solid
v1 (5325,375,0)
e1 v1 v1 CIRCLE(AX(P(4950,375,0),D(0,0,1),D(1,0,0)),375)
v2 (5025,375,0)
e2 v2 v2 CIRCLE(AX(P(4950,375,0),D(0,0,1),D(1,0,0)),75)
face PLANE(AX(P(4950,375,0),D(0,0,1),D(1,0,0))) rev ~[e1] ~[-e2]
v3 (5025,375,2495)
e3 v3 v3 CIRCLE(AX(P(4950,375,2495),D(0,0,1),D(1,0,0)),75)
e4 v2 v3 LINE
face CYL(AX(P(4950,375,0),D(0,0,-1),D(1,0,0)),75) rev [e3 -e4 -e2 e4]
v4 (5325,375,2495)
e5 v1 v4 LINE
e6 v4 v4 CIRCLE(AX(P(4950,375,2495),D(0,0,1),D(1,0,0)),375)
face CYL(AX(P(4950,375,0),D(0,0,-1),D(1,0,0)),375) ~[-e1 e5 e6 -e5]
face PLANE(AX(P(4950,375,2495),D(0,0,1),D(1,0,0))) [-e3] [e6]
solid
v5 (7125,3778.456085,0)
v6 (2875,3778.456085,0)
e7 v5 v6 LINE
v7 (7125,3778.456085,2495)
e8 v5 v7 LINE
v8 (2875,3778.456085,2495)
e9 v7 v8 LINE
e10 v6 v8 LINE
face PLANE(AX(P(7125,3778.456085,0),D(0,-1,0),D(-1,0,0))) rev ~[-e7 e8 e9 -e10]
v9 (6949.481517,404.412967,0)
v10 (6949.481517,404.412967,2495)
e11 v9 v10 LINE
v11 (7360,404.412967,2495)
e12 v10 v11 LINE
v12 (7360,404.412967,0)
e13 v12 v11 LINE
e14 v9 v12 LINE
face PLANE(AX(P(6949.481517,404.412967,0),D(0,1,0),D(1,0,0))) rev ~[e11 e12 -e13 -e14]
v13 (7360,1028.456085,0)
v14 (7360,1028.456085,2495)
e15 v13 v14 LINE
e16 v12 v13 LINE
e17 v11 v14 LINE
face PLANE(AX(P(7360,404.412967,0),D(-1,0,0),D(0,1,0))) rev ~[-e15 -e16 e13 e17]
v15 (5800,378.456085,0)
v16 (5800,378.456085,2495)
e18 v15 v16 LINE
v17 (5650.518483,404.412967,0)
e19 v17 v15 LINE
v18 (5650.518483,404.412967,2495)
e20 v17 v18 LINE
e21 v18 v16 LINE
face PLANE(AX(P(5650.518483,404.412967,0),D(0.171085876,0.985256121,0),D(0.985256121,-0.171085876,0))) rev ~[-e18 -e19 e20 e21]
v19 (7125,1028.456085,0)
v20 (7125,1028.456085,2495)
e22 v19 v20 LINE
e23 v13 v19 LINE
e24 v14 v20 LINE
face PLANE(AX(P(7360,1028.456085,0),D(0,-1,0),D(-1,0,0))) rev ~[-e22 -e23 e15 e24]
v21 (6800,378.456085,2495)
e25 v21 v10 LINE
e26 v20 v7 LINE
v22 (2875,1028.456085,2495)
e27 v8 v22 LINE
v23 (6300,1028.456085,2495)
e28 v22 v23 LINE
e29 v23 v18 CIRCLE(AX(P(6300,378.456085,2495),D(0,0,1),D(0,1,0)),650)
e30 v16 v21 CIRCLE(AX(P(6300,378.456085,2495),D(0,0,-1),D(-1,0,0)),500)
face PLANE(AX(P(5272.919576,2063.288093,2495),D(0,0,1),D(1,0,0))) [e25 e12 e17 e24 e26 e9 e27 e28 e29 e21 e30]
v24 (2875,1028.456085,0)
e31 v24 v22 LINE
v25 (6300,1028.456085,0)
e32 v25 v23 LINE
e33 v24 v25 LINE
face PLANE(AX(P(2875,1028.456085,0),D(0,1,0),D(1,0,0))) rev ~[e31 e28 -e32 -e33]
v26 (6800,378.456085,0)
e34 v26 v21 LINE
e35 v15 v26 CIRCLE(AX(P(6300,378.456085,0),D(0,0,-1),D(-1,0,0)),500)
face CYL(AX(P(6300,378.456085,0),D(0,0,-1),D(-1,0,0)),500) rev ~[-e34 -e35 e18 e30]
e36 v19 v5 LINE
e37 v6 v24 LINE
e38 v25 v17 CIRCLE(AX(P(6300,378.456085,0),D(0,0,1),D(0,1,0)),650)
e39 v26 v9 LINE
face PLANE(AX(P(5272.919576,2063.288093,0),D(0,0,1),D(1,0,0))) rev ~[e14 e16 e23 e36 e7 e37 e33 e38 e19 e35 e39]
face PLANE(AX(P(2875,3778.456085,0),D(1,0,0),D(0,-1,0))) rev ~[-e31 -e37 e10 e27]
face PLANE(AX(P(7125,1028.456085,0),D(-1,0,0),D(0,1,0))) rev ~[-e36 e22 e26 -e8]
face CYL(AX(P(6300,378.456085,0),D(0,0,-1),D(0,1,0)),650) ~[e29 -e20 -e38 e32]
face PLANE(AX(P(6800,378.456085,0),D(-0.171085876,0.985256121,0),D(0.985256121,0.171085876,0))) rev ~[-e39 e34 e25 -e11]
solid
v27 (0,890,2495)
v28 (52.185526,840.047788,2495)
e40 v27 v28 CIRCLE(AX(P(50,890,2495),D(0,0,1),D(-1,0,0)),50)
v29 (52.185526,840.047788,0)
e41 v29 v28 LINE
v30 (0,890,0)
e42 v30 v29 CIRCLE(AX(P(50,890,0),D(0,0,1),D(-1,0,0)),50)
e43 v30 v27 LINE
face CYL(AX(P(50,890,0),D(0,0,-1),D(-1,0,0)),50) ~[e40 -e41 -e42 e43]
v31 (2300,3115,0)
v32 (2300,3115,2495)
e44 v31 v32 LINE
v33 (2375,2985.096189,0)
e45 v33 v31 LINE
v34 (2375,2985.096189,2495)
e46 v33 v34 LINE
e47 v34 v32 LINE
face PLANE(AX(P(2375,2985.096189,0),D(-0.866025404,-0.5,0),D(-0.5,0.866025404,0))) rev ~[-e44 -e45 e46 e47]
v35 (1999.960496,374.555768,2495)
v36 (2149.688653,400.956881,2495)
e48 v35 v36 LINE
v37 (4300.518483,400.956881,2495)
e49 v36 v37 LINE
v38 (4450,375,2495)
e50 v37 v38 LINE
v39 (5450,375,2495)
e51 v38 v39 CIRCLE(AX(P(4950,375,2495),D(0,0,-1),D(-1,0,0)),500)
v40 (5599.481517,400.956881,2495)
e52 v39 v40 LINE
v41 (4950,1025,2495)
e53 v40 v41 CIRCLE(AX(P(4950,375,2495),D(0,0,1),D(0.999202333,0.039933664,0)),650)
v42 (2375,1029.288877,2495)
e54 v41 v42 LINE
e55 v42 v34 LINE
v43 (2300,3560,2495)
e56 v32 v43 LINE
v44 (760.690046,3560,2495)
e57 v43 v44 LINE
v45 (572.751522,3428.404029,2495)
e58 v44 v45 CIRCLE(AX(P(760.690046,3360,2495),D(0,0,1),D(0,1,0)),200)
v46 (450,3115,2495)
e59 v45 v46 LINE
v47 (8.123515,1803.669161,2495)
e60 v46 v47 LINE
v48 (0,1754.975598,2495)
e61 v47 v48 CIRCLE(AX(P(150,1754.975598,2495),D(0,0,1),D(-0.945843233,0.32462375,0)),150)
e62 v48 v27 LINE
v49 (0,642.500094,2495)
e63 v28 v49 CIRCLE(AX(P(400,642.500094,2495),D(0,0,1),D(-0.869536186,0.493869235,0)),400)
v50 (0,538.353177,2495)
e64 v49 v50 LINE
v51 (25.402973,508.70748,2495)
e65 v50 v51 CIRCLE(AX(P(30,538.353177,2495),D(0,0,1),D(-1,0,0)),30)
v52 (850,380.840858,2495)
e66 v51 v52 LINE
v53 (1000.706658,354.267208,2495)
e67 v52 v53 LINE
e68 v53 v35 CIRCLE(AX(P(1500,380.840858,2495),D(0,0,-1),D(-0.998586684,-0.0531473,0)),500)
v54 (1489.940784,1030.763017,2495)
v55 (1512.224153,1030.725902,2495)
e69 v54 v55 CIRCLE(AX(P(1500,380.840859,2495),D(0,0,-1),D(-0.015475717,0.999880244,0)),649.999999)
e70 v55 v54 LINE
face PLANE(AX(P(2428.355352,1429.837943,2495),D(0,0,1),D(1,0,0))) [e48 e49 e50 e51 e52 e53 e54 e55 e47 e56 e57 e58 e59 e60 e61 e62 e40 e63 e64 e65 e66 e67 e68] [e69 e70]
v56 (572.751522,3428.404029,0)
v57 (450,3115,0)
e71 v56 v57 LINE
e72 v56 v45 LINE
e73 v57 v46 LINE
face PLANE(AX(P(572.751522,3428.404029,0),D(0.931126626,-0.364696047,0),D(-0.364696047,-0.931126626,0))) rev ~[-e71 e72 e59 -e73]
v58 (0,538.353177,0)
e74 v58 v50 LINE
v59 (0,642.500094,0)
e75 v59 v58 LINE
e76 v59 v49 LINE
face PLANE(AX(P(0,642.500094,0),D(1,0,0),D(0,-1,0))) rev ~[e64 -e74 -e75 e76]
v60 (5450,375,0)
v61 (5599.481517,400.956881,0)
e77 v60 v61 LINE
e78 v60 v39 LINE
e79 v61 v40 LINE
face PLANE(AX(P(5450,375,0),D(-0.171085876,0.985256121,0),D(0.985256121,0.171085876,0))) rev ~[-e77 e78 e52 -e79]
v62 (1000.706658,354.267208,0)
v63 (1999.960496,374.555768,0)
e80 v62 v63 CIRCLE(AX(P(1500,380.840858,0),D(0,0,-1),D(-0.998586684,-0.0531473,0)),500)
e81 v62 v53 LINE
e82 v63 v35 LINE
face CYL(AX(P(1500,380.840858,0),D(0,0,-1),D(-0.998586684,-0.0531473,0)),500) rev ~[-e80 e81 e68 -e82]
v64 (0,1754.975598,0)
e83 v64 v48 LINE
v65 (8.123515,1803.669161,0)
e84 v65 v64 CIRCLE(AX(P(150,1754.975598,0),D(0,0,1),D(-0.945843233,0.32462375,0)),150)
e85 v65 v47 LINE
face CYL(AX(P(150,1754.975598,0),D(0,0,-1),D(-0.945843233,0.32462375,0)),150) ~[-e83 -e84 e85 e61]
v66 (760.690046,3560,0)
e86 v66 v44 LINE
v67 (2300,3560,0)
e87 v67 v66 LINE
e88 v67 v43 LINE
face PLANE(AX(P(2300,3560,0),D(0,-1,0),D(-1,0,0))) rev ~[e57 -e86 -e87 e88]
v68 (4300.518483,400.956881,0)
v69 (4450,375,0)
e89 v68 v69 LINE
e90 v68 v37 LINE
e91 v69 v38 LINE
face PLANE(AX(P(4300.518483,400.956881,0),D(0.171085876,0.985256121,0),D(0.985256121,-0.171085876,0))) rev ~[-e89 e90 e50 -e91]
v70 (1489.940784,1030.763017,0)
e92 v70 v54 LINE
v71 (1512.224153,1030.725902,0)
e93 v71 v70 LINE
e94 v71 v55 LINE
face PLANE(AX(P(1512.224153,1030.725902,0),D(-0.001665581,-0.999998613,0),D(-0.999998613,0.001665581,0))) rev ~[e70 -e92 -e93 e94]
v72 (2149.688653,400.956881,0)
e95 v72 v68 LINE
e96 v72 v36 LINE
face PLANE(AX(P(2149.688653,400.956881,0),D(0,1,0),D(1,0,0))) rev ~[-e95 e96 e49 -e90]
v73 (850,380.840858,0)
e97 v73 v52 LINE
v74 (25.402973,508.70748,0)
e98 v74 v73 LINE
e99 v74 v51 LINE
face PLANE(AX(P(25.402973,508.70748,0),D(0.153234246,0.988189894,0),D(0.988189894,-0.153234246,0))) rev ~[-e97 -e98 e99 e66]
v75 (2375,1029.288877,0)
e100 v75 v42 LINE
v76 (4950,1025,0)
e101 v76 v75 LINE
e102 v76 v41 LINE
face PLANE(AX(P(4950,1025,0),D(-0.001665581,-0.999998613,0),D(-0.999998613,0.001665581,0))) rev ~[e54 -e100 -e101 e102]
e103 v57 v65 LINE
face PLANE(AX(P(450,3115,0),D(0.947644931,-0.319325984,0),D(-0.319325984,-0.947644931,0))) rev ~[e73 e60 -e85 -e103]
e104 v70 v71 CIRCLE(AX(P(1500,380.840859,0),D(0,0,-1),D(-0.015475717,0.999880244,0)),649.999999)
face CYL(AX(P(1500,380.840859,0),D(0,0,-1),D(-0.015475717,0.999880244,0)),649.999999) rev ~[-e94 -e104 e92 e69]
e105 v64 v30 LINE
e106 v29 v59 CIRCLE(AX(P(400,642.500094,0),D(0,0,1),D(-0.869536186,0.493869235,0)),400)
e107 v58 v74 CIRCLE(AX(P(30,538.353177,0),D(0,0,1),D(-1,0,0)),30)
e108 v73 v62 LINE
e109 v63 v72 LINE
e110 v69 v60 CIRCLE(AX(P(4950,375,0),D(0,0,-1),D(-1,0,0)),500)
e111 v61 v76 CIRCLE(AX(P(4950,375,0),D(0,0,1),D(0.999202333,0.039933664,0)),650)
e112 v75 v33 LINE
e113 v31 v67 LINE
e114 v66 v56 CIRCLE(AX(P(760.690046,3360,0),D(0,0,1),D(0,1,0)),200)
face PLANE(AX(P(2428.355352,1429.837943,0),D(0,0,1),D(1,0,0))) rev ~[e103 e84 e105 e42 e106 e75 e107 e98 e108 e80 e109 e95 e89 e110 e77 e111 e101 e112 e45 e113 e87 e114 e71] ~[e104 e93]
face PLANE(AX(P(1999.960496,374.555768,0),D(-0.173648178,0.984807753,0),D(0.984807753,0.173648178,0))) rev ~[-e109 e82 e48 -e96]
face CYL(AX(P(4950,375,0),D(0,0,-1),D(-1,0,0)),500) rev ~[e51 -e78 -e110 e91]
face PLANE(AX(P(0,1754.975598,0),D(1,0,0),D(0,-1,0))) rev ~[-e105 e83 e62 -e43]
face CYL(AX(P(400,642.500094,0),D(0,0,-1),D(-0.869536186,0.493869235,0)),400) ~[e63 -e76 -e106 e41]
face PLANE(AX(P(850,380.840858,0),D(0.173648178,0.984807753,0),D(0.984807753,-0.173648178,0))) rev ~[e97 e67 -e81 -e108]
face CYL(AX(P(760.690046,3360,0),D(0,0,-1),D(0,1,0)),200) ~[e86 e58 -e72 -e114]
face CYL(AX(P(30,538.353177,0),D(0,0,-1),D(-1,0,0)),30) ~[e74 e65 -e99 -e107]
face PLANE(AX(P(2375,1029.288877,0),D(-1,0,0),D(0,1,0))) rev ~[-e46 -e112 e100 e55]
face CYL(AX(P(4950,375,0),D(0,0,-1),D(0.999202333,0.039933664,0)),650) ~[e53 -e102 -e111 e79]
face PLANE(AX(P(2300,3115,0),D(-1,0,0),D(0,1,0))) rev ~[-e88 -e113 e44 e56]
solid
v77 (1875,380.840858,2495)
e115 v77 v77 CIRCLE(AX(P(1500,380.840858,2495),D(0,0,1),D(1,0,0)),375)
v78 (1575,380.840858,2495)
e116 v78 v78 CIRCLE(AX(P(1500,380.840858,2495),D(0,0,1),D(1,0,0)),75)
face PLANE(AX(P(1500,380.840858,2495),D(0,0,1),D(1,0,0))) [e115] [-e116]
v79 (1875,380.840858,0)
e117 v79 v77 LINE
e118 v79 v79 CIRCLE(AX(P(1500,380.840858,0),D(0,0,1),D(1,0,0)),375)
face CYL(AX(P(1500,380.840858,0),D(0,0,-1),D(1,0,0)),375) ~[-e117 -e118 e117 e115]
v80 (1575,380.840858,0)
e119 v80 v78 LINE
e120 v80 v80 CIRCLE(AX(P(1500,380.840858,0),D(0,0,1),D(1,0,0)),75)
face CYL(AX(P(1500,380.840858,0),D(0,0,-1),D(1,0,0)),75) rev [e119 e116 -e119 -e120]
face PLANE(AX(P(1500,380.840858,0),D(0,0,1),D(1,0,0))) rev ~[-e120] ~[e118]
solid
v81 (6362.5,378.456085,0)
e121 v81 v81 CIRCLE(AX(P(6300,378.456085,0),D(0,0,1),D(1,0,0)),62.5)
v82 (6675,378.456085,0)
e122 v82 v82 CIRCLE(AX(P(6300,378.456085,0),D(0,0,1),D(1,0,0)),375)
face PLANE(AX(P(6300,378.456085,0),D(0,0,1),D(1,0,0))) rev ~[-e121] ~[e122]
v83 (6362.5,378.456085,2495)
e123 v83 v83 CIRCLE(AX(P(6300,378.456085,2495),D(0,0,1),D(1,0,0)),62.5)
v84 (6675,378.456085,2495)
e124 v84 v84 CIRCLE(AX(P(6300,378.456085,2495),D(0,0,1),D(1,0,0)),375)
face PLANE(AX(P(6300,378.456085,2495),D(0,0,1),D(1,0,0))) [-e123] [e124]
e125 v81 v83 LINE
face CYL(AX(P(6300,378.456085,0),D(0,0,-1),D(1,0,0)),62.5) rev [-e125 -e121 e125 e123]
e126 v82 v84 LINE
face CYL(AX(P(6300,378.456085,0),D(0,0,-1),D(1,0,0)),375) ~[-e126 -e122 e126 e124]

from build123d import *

# Parameters (mm, degrees)
BOSS_EXTRUDE1_DEPTH   = 2495
BOSS_EXTRUDE1_2_DEPTH = 2495
SKETCH1_R             = 375
SKETCH1_R_2           = 75
BOSS_EXTRUDE1_3_DEPTH = 2495
BOSS_EXTRUDE1_4_DEPTH = 2495
SKETCH1_R_3           = 62.5
BOSS_EXTRUDE1_5_DEPTH = 2495


with BuildPart() as part:
    # Sketch1 → Boss-Extrude1 (new body)
    with BuildSketch(Plane.XY):
        with BuildLine():
            Line((2875, 1028.456085172), (2375, 1029.28887678))
            Line((2375, 1029.28887678), (2375, 2985.096189432))
            Line((2375, 2985.096189432), (2300, 3115))
            Line((2300, 3115), (2300, 3560))
            Line((2300, 3560), (760.690046026, 3560))
            ThreePointArc((760.690046026, 3560), (645.974758755, 3523.830408858), (572.751521868, 3428.404028665))
            Line((572.751521868, 3428.404028665), (450, 3115))
            Line((450, 3115), (8.123515112, 1803.669160936))
            ThreePointArc((8.123515112, 1803.669160936), (2.044816358, 1779.658864628), (0, 1754.975598365))
            Line((0, 1754.975598365), (0, 890))
            ThreePointArc((0, 890), (15.425994412, 853.880225117), (52.185525503, 840.047788054))
            ThreePointArc((52.185525503, 840.047788054), (13.266377335, 744.66224526), (0, 642.500094242))
            Line((0, 642.500094242), (0, 538.353176878))
            ThreePointArc((0, 538.353176878), (7.219407149, 518.832813424), (25.402972623, 508.707480069))
            Line((25.402972623, 508.707480069), (850, 380.84085801))
            Line((850, 380.84085801), (1000.706658241, 354.26720799))
            ThreePointArc((1000.706658241, 354.26720799), (1489.850237153, 880.73782971), (1999.960496077, 374.555767537))
            Line((1999.960496077, 374.555767537), (2149.688652822, 400.956881343))
            Line((2149.688652822, 400.956881343), (4300.518483472, 400.956881343))
            Line((4300.518483472, 400.956881343), (4450, 375))
            ThreePointArc((4450, 375), (4950, 875), (5450, 375))
            Line((5450, 375), (5599.481516528, 400.956881343))
            ThreePointArc((5599.481516528, 400.956881343), (5400.348768804, 843.706716867), (4950, 1025))
            Line((4950, 1025), (2875, 1028.456085172))
        make_face()
        with BuildLine():
            Line((1512.224153378, 1030.725901748), (1489.940783681, 1030.763016555))
            ThreePointArc((1489.940783681, 1030.763016555), (1501.082627588, 1030.839956408), (1512.224153378, 1030.725901748))
        make_face(mode=Mode.SUBTRACT)
    extrude(amount=BOSS_EXTRUDE1_DEPTH)


with BuildPart() as body_2:
    # Sketch1 → Boss-Extrude1 2 (new body)
    with BuildSketch(Plane.XY):
        with BuildLine():
            Line((2875, 3778.456085172), (2875, 1028.456085172))
            Line((2875, 1028.456085172), (6300, 1028.456085172))
            ThreePointArc((6300, 1028.456085172), (5849.651231196, 847.162802039), (5650.518483472, 404.412966515))
            Line((5650.518483472, 404.412966515), (5800, 378.456085172))
            ThreePointArc((5800, 378.456085172), (6300, 878.456085172), (6800, 378.456085172))
            Line((6800, 378.456085172), (6949.481516528, 404.412966515))
            Line((6949.481516528, 404.412966515), (7360, 404.412966515))
            Line((7360, 404.412966515), (7360, 1028.456085172))
            Line((7360, 1028.456085172), (7125, 1028.456085172))
            Line((7125, 1028.456085172), (7125, 3778.456085172))
            Line((7125, 3778.456085172), (2875, 3778.456085172))
        make_face()
    extrude(amount=BOSS_EXTRUDE1_2_DEPTH)


with BuildPart() as body_3:
    # Sketch1 → Boss-Extrude1 3 (new body)
    with BuildSketch(Plane.XY):
        with Locations((1500, 380.84085801)):
            Circle(SKETCH1_R)
        with Locations((1500, 380.84085801)):
            Circle(SKETCH1_R_2, mode=Mode.SUBTRACT)
    extrude(amount=BOSS_EXTRUDE1_3_DEPTH)


with BuildPart() as body_4:
    # Sketch1 → Boss-Extrude1 4 (new body)
    with BuildSketch(Plane.XY):
        with Locations((4950, 375)):
            Circle(SKETCH1_R)
        with Locations((4950, 375)):
            Circle(SKETCH1_R_2, mode=Mode.SUBTRACT)
    extrude(amount=BOSS_EXTRUDE1_4_DEPTH)


with BuildPart() as body_5:
    # Sketch1 → Boss-Extrude1 5 (new body)
    with BuildSketch(Plane.XY):
        with Locations((6300, 378.456085172)):
            Circle(SKETCH1_R)
        with Locations((6300, 378.456085172)):
            Circle(SKETCH1_R_3, mode=Mode.SUBTRACT)
    extrude(amount=BOSS_EXTRUDE1_5_DEPTH)


solid = Compound([part.part, body_2.part, body_3.part, body_4.part, body_5.part])
